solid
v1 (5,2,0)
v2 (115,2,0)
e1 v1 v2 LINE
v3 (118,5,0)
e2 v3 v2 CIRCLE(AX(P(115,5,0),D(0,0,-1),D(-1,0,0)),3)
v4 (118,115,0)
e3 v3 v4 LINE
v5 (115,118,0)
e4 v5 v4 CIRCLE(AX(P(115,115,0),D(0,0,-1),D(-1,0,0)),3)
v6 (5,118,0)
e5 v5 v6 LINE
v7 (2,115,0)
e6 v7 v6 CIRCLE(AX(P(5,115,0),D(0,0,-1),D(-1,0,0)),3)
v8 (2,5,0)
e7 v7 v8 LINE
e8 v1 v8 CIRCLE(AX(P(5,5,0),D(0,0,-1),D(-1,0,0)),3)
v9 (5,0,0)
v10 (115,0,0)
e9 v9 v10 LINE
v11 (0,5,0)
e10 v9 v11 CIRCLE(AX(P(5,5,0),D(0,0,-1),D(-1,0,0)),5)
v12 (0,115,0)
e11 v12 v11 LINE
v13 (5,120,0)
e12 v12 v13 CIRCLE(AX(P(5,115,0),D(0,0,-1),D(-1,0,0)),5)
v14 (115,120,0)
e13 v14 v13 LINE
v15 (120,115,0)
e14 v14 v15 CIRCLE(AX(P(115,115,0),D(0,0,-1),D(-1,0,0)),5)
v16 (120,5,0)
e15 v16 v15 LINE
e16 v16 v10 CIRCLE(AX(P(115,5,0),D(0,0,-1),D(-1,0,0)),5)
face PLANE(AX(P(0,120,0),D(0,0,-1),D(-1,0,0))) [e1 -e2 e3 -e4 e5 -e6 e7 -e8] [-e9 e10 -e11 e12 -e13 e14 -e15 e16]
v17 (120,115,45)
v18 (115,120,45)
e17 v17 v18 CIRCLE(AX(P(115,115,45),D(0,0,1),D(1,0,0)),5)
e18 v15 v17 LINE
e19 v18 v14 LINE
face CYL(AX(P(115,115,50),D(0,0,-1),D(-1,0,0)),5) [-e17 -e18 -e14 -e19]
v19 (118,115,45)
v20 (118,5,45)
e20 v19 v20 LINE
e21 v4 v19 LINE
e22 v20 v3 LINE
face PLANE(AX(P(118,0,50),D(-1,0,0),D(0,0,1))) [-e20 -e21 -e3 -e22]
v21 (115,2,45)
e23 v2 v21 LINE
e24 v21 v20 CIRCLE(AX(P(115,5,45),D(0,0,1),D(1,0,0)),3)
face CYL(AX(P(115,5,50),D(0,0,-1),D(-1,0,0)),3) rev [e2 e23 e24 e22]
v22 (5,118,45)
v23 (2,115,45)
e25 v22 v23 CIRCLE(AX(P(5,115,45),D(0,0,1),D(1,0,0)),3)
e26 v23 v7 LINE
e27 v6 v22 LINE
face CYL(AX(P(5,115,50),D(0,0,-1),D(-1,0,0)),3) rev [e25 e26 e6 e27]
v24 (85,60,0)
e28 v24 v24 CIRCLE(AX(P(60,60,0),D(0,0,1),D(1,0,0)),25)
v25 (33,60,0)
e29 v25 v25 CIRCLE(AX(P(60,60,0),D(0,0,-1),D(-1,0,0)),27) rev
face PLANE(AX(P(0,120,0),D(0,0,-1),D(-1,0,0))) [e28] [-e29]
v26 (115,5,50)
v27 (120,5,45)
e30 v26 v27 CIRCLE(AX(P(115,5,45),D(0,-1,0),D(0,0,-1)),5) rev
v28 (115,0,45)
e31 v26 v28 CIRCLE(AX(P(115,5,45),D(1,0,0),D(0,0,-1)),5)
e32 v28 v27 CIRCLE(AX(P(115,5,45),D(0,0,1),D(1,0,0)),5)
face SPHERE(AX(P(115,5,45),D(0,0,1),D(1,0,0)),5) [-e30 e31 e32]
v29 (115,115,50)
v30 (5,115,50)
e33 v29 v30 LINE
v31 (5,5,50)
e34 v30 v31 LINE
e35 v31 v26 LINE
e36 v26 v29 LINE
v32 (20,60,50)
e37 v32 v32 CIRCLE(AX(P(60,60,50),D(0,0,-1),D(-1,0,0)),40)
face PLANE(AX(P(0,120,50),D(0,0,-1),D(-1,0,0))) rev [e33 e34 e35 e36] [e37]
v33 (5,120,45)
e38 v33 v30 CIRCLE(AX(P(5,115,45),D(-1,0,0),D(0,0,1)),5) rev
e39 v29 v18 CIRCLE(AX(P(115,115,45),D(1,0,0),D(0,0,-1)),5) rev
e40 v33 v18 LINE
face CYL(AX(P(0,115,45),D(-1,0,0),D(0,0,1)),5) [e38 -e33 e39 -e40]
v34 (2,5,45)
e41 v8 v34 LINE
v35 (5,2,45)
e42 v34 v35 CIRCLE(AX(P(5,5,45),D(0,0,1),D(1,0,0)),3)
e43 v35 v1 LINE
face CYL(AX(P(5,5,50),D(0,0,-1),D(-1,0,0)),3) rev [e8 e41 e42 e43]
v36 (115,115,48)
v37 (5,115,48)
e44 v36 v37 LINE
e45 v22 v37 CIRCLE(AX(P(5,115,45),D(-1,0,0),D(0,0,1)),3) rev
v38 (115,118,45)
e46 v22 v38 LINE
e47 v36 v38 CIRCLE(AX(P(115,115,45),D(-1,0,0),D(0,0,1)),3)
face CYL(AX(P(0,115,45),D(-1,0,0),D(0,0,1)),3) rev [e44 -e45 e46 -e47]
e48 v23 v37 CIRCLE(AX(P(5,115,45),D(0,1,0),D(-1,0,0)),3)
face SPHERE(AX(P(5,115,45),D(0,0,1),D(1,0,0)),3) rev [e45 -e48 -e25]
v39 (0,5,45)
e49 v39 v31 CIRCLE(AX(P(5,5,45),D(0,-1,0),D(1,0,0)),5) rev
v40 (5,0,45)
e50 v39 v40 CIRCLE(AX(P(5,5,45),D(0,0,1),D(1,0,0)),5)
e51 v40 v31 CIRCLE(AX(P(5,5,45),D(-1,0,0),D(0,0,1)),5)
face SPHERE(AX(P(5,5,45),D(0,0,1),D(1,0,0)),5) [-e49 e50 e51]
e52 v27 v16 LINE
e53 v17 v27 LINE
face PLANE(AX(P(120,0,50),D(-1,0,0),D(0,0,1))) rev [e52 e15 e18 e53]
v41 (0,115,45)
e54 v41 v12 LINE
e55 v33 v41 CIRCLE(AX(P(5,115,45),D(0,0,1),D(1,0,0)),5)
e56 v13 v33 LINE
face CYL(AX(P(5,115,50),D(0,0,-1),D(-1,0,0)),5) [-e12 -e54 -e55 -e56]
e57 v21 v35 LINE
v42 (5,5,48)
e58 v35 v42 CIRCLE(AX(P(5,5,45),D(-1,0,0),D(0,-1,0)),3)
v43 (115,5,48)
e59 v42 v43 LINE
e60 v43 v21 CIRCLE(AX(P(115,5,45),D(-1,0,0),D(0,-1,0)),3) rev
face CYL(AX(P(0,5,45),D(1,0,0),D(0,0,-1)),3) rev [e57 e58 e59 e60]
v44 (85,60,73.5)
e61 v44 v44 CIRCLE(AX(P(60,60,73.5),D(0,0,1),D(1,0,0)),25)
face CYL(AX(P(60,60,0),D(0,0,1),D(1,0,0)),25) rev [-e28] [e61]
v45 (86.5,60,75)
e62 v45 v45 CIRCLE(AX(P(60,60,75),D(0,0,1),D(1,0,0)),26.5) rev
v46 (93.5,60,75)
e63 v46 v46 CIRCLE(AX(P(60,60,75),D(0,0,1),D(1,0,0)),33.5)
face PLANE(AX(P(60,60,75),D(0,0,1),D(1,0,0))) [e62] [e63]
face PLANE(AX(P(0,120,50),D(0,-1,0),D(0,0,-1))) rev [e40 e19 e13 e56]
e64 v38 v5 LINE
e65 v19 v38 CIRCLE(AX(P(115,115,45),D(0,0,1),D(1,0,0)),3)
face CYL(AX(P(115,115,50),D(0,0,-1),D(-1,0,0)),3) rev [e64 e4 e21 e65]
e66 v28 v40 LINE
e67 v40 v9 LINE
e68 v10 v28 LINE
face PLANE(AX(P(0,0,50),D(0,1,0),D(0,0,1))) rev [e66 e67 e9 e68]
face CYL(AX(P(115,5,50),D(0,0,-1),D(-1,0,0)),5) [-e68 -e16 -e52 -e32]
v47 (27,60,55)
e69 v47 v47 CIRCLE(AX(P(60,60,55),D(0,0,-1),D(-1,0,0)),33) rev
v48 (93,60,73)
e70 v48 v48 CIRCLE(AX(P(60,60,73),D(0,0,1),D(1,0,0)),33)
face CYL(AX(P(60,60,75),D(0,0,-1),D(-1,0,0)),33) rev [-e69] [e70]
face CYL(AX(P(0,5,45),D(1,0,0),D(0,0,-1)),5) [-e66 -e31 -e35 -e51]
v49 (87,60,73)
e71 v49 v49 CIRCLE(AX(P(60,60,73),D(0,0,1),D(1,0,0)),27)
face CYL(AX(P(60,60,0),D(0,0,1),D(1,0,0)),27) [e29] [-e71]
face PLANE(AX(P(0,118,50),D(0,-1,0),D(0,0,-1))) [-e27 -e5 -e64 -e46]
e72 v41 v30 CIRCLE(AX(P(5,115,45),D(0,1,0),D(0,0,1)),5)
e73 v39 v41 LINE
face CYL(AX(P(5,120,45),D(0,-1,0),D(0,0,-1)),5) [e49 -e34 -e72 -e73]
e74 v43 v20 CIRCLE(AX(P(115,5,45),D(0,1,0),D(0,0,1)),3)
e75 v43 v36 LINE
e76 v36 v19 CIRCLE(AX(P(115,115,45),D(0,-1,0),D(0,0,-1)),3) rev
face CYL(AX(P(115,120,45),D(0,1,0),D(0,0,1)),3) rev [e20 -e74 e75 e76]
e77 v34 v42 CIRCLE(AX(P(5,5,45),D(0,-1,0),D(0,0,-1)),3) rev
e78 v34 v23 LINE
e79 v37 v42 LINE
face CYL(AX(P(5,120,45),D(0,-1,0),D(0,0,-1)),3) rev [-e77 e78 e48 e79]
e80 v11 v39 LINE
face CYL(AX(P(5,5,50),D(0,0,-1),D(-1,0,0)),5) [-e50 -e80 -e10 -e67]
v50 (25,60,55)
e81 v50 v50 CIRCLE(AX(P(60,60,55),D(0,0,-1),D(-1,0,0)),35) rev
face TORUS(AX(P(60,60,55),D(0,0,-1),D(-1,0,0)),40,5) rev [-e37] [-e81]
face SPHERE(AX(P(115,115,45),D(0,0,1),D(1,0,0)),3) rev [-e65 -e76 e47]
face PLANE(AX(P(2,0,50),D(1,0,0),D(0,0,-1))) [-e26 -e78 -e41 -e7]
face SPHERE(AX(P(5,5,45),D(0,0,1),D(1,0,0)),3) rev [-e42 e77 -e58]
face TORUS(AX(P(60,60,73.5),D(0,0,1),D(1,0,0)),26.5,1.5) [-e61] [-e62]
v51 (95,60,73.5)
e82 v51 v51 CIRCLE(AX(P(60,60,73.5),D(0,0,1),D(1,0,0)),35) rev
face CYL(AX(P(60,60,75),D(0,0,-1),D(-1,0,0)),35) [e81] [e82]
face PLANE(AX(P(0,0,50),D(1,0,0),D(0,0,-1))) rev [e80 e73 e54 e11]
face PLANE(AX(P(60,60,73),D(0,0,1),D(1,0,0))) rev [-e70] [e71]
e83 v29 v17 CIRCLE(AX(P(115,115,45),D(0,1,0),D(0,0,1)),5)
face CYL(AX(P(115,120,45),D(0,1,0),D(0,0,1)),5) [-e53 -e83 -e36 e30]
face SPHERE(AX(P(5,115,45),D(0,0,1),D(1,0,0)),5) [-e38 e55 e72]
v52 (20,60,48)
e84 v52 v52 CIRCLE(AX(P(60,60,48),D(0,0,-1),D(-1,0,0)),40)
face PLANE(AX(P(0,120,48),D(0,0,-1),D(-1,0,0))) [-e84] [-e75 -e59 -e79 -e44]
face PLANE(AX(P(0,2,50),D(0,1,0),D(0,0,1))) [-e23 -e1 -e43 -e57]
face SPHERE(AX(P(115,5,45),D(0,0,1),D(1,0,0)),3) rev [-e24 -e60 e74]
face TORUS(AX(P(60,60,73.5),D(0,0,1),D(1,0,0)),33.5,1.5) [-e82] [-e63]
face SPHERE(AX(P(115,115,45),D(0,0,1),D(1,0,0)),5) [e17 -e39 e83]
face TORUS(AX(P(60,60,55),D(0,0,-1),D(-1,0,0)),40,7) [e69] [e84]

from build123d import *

# Parameters (mm, degrees)
SKETCH2_W           = 120
SKETCH2_H           = 120
BOSS_EXTRUDE1_DEPTH = 50
SKETCH4_R           = 35
BOSS_EXTRUDE2_DEPTH = 25
SKETCH6_R           = 25
CUT_EXTRUDE1_DEPTH  = 186.539753153
FILLET1_R           = 5
FILLET2_R           = 1.5
SHELL1_T            = -2


with BuildPart() as part:
    # Sketch2 → Boss-Extrude1 (new body)
    with BuildSketch(Plane.XY):
        with Locations((60, 60)):
            Rectangle(SKETCH2_W, SKETCH2_H)
    extrude(amount=BOSS_EXTRUDE1_DEPTH)

    # Sketch4 → Boss-Extrude2 (add)
    with BuildSketch(Plane.XY.offset(50)):
        with Locations(Location((60, 60, 0), (0, 0, 180))):
            Circle(SKETCH4_R)
    extrude(amount=BOSS_EXTRUDE2_DEPTH)

    # Sketch6 → Cut-Extrude1 (cut, through all)
    with BuildSketch(Plane.XY.offset(75)):
        with Locations((60, 60)):
            Circle(SKETCH6_R)
    extrude(amount=-CUT_EXTRUDE1_DEPTH, mode=Mode.SUBTRACT)

    # Fillet1
    fillet1_edges = [part.edges().sort_by_distance(p)[0] for p in [
        (120, 60, 50),
        (60, 120, 50),
        (95, 60, 50),
        (0, 60, 50),
        (60, 0, 50),
        (0, 120, 25),
        (120, 120, 25),
        (120, 0, 25),
        (0, 0, 25),
    ]]
    fillet(fillet1_edges, radius=FILLET1_R)

    # Fillet2
    fillet2_edges = [part.edges().sort_by_distance(p)[0] for p in [
        (95, 60, 75),
        (35, 60, 75),
    ]]
    fillet(fillet2_edges, radius=FILLET2_R)

    # Shell1
    shell1_openings = [part.faces().sort_by_distance(p)[0] for p in [
        (60, 1.697056275, 0),
    ]]
    offset(amount=SHELL1_T, openings=shell1_openings, kind=Kind.INTERSECTION)


solid = part.part
